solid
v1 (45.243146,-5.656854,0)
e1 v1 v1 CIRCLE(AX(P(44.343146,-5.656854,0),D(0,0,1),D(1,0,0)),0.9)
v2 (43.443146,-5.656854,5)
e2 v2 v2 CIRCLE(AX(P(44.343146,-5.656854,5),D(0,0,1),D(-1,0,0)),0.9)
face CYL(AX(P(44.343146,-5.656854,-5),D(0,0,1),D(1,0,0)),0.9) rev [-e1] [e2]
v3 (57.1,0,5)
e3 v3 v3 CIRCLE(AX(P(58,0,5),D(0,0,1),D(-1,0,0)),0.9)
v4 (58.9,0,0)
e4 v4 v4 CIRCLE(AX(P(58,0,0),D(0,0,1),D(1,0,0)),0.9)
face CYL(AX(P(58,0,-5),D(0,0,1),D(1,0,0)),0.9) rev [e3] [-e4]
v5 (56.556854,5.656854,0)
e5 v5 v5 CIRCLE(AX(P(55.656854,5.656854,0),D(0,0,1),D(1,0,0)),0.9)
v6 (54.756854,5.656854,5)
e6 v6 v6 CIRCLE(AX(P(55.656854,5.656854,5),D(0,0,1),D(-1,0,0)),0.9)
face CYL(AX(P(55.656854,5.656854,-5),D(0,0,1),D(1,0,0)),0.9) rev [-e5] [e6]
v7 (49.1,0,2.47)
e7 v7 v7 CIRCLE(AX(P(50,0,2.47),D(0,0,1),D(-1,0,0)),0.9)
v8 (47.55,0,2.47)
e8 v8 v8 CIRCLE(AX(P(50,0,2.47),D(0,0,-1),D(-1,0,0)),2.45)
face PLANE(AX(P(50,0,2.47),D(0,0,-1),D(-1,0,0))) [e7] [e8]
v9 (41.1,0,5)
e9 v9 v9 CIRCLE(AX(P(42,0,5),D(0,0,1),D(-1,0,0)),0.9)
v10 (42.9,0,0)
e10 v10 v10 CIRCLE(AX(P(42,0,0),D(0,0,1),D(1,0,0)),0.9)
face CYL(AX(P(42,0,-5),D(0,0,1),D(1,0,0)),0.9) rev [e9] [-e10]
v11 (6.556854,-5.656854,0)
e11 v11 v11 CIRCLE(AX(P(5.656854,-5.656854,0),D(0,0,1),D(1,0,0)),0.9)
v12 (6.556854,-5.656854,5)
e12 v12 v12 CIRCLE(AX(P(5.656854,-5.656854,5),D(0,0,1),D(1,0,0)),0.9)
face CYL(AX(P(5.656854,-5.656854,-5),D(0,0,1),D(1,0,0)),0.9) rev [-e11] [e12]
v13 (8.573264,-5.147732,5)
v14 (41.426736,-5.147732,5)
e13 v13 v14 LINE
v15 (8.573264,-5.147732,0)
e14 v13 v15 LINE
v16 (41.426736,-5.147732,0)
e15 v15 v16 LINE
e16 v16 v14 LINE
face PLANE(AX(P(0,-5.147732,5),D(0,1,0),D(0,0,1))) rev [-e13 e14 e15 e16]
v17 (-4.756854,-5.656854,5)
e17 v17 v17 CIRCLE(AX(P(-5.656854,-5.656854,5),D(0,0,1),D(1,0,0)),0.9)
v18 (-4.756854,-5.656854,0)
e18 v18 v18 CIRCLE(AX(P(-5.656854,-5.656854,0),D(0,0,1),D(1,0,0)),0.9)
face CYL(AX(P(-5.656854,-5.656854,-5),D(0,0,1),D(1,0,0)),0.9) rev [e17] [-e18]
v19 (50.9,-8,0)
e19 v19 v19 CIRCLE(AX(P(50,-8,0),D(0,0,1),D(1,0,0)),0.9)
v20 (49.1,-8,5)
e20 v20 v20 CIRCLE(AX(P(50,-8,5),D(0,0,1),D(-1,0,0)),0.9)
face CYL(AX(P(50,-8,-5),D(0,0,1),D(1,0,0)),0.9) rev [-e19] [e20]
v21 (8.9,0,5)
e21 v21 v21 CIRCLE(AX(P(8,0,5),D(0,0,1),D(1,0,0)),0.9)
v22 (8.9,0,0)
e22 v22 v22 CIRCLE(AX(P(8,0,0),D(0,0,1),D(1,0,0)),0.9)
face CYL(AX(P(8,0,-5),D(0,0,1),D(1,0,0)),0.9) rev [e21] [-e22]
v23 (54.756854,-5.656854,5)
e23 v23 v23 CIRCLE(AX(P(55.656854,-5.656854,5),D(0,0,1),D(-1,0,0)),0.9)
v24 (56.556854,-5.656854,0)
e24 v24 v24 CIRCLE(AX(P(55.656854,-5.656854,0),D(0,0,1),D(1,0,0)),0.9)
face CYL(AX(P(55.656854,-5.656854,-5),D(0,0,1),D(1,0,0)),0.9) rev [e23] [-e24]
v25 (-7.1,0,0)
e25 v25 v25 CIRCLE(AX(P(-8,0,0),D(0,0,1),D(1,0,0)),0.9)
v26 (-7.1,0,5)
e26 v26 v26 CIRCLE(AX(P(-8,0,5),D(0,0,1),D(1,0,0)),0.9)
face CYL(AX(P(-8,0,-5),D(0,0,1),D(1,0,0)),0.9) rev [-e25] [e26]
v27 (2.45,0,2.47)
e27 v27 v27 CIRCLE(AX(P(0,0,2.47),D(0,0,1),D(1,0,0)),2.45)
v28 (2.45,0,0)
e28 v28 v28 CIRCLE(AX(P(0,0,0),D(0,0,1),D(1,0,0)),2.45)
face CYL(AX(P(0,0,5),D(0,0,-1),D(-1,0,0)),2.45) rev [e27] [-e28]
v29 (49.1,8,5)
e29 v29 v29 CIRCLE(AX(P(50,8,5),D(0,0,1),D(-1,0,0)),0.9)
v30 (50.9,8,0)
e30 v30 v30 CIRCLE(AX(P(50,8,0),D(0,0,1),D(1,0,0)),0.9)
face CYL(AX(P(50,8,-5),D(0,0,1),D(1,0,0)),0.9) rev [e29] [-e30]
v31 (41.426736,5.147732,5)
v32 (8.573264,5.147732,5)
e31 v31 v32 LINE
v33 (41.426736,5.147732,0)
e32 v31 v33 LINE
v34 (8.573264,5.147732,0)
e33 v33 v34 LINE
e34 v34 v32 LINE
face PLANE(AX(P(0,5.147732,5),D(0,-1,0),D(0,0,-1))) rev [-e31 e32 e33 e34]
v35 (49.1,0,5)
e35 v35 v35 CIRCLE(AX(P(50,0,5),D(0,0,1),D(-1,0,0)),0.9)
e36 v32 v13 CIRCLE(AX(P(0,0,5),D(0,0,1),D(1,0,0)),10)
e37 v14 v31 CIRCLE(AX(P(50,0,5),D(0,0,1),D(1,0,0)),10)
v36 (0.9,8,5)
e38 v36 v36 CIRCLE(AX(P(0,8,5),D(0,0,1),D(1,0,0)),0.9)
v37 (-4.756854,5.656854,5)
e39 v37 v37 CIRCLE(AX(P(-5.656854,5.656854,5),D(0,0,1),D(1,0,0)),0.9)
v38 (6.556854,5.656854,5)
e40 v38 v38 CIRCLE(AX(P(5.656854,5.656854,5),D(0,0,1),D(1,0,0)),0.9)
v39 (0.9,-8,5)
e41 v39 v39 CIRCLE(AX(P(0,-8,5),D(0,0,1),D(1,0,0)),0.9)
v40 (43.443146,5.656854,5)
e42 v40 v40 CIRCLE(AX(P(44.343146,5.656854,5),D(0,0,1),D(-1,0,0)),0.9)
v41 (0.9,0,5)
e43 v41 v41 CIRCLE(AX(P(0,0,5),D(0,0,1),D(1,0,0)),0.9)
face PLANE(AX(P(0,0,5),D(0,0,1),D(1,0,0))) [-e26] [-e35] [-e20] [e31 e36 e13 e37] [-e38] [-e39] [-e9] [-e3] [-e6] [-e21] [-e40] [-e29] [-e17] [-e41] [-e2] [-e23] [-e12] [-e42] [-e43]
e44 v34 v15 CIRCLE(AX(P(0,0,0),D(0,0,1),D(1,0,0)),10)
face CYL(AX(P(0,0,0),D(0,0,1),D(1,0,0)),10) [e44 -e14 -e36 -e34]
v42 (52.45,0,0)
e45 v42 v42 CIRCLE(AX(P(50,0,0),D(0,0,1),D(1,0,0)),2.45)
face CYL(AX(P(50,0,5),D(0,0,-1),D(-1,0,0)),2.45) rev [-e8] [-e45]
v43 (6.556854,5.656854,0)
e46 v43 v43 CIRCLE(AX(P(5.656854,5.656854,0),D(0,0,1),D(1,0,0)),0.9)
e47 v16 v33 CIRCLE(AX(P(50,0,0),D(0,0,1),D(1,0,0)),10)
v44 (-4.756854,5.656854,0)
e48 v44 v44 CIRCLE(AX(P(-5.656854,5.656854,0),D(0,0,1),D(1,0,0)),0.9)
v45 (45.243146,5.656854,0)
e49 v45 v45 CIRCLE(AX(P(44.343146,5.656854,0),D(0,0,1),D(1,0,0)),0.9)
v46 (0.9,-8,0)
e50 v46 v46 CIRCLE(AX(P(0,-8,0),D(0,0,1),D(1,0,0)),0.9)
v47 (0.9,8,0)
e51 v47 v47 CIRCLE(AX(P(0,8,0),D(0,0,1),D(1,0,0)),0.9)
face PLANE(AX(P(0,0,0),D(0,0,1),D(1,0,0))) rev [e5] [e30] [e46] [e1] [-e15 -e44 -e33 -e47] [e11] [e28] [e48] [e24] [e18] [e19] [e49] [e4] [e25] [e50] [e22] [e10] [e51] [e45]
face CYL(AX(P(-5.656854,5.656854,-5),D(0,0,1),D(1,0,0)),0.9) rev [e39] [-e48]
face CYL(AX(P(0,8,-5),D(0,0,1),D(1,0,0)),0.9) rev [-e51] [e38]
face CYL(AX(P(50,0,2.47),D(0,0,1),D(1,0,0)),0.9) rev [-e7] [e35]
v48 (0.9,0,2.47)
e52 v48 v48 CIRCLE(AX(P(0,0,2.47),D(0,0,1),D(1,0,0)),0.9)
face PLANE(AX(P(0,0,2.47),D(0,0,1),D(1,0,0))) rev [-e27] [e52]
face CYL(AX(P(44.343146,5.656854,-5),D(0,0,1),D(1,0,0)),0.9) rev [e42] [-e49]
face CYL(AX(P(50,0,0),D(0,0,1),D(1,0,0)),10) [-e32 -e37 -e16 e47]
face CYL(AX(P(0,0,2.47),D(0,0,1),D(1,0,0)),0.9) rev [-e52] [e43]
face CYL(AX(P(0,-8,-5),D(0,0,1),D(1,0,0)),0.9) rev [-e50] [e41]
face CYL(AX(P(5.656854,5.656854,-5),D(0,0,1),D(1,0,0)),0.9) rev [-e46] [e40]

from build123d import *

# Parameters (mm, degrees)
ESQUISSE1_R             = 2.45
BOSS_EXTRU_1_DEPTH      = 5
BOSS_EXTRU_2_START      = -2.53
ESQUISSE2_R             = 2.45
ESQUISSE2_R_2           = 0.9
BOSS_EXTRU_2_DEPTH      = 2.53
BOSS_EXTRU_4_START      = -5
ESQUISSE4_R             = 10
ESQUISSE4_R_2           = 2.45
BOSS_EXTRU_4_DEPTH      = 5
ESQUISSE5_R             = 0.9
ENL_V_MAT_EXTRU_3_DEPTH = 10


with BuildPart() as part:
    # Esquisse1 → Boss.-Extru.1 (new body)
    with BuildSketch(Plane.XY):
        with BuildLine():
            Line((0, 5.147731849), (50, 5.147731849))
            ThreePointArc((50, 5.147731849), (55.147731849, 0), (50, -5.147731849))
            Line((50, -5.147731849), (0, -5.147731849))
            ThreePointArc((0, -5.147731849), (-5.147731849, 0), (0, 5.147731849))
        make_face()
        Circle(ESQUISSE1_R, mode=Mode.SUBTRACT)
        with Locations((50, 0)):
            Circle(ESQUISSE1_R, mode=Mode.SUBTRACT)
    extrude(amount=BOSS_EXTRU_1_DEPTH)

    # Esquisse2 → Boss.-Extru.2 (add)
    # profile 1 of 2: a face of its own
    with BuildSketch(Plane.XY.offset(5).offset(BOSS_EXTRU_2_START)):
        Circle(ESQUISSE2_R)
        Circle(ESQUISSE2_R_2, mode=Mode.SUBTRACT)
    # profile 2 of 2: a face of its own
    with BuildSketch(Plane.XY.offset(5).offset(BOSS_EXTRU_2_START)):
        with Locations(Location((50, 0, 0), (0, 0, 180))):
            Circle(ESQUISSE2_R)
        with Locations(Location((50, 0, 0), (0, 0, 180))):
            Circle(ESQUISSE2_R_2, mode=Mode.SUBTRACT)
    extrude(amount=BOSS_EXTRU_2_DEPTH)

    # Esquisse4 → Boss.-Extru.4 (add)
    # profile 1 of 2: a face of its own
    with BuildSketch(Plane.XY.offset(5).offset(BOSS_EXTRU_4_START)):
        Circle(ESQUISSE4_R)
        Circle(ESQUISSE4_R_2, mode=Mode.SUBTRACT)
    # profile 2 of 2: a face of its own
    with BuildSketch(Plane.XY.offset(5).offset(BOSS_EXTRU_4_START)):
        with Locations((50, 0)):
            Circle(ESQUISSE4_R)
        with Locations(Location((50, 0, 0), (0, 0, 180))):
            Circle(ESQUISSE4_R_2, mode=Mode.SUBTRACT)
    extrude(amount=BOSS_EXTRU_4_DEPTH)

    # Esquisse5 → Enlèv. mat.-Extru.3 (cut)
    with BuildSketch(Plane.XY.offset(5)):
        with Locations((-8, 0)):
            Circle(ESQUISSE5_R)
        with Locations((-5.656854249, 5.656854249)):
            Circle(ESQUISSE5_R)
        with Locations((0, 8)):
            Circle(ESQUISSE5_R)
        with Locations((5.656854249, 5.656854249)):
            Circle(ESQUISSE5_R)
        with Locations((8, 0)):
            Circle(ESQUISSE5_R)
        with Locations((5.656854249, -5.656854249)):
            Circle(ESQUISSE5_R)
        with Locations((0, -8)):
            Circle(ESQUISSE5_R)
        with Locations((-5.656854249, -5.656854249)):
            Circle(ESQUISSE5_R)
        with Locations((44.343145751, 5.656854249)):
            Circle(ESQUISSE5_R)
        with Locations((42, 0)):
            Circle(ESQUISSE5_R)
        with Locations((44.343145751, -5.656854249)):
            Circle(ESQUISSE5_R)
        with Locations((50, -8)):
            Circle(ESQUISSE5_R)
        with Locations((55.656854249, -5.656854249)):
            Circle(ESQUISSE5_R)
        with Locations((58, 0)):
            Circle(ESQUISSE5_R)
        with Locations((55.656854249, 5.656854249)):
            Circle(ESQUISSE5_R)
        with Locations((50, 8)):
            Circle(ESQUISSE5_R)
    extrude(amount=-ENL_V_MAT_EXTRU_3_DEPTH, mode=Mode.SUBTRACT)


solid = part.part
